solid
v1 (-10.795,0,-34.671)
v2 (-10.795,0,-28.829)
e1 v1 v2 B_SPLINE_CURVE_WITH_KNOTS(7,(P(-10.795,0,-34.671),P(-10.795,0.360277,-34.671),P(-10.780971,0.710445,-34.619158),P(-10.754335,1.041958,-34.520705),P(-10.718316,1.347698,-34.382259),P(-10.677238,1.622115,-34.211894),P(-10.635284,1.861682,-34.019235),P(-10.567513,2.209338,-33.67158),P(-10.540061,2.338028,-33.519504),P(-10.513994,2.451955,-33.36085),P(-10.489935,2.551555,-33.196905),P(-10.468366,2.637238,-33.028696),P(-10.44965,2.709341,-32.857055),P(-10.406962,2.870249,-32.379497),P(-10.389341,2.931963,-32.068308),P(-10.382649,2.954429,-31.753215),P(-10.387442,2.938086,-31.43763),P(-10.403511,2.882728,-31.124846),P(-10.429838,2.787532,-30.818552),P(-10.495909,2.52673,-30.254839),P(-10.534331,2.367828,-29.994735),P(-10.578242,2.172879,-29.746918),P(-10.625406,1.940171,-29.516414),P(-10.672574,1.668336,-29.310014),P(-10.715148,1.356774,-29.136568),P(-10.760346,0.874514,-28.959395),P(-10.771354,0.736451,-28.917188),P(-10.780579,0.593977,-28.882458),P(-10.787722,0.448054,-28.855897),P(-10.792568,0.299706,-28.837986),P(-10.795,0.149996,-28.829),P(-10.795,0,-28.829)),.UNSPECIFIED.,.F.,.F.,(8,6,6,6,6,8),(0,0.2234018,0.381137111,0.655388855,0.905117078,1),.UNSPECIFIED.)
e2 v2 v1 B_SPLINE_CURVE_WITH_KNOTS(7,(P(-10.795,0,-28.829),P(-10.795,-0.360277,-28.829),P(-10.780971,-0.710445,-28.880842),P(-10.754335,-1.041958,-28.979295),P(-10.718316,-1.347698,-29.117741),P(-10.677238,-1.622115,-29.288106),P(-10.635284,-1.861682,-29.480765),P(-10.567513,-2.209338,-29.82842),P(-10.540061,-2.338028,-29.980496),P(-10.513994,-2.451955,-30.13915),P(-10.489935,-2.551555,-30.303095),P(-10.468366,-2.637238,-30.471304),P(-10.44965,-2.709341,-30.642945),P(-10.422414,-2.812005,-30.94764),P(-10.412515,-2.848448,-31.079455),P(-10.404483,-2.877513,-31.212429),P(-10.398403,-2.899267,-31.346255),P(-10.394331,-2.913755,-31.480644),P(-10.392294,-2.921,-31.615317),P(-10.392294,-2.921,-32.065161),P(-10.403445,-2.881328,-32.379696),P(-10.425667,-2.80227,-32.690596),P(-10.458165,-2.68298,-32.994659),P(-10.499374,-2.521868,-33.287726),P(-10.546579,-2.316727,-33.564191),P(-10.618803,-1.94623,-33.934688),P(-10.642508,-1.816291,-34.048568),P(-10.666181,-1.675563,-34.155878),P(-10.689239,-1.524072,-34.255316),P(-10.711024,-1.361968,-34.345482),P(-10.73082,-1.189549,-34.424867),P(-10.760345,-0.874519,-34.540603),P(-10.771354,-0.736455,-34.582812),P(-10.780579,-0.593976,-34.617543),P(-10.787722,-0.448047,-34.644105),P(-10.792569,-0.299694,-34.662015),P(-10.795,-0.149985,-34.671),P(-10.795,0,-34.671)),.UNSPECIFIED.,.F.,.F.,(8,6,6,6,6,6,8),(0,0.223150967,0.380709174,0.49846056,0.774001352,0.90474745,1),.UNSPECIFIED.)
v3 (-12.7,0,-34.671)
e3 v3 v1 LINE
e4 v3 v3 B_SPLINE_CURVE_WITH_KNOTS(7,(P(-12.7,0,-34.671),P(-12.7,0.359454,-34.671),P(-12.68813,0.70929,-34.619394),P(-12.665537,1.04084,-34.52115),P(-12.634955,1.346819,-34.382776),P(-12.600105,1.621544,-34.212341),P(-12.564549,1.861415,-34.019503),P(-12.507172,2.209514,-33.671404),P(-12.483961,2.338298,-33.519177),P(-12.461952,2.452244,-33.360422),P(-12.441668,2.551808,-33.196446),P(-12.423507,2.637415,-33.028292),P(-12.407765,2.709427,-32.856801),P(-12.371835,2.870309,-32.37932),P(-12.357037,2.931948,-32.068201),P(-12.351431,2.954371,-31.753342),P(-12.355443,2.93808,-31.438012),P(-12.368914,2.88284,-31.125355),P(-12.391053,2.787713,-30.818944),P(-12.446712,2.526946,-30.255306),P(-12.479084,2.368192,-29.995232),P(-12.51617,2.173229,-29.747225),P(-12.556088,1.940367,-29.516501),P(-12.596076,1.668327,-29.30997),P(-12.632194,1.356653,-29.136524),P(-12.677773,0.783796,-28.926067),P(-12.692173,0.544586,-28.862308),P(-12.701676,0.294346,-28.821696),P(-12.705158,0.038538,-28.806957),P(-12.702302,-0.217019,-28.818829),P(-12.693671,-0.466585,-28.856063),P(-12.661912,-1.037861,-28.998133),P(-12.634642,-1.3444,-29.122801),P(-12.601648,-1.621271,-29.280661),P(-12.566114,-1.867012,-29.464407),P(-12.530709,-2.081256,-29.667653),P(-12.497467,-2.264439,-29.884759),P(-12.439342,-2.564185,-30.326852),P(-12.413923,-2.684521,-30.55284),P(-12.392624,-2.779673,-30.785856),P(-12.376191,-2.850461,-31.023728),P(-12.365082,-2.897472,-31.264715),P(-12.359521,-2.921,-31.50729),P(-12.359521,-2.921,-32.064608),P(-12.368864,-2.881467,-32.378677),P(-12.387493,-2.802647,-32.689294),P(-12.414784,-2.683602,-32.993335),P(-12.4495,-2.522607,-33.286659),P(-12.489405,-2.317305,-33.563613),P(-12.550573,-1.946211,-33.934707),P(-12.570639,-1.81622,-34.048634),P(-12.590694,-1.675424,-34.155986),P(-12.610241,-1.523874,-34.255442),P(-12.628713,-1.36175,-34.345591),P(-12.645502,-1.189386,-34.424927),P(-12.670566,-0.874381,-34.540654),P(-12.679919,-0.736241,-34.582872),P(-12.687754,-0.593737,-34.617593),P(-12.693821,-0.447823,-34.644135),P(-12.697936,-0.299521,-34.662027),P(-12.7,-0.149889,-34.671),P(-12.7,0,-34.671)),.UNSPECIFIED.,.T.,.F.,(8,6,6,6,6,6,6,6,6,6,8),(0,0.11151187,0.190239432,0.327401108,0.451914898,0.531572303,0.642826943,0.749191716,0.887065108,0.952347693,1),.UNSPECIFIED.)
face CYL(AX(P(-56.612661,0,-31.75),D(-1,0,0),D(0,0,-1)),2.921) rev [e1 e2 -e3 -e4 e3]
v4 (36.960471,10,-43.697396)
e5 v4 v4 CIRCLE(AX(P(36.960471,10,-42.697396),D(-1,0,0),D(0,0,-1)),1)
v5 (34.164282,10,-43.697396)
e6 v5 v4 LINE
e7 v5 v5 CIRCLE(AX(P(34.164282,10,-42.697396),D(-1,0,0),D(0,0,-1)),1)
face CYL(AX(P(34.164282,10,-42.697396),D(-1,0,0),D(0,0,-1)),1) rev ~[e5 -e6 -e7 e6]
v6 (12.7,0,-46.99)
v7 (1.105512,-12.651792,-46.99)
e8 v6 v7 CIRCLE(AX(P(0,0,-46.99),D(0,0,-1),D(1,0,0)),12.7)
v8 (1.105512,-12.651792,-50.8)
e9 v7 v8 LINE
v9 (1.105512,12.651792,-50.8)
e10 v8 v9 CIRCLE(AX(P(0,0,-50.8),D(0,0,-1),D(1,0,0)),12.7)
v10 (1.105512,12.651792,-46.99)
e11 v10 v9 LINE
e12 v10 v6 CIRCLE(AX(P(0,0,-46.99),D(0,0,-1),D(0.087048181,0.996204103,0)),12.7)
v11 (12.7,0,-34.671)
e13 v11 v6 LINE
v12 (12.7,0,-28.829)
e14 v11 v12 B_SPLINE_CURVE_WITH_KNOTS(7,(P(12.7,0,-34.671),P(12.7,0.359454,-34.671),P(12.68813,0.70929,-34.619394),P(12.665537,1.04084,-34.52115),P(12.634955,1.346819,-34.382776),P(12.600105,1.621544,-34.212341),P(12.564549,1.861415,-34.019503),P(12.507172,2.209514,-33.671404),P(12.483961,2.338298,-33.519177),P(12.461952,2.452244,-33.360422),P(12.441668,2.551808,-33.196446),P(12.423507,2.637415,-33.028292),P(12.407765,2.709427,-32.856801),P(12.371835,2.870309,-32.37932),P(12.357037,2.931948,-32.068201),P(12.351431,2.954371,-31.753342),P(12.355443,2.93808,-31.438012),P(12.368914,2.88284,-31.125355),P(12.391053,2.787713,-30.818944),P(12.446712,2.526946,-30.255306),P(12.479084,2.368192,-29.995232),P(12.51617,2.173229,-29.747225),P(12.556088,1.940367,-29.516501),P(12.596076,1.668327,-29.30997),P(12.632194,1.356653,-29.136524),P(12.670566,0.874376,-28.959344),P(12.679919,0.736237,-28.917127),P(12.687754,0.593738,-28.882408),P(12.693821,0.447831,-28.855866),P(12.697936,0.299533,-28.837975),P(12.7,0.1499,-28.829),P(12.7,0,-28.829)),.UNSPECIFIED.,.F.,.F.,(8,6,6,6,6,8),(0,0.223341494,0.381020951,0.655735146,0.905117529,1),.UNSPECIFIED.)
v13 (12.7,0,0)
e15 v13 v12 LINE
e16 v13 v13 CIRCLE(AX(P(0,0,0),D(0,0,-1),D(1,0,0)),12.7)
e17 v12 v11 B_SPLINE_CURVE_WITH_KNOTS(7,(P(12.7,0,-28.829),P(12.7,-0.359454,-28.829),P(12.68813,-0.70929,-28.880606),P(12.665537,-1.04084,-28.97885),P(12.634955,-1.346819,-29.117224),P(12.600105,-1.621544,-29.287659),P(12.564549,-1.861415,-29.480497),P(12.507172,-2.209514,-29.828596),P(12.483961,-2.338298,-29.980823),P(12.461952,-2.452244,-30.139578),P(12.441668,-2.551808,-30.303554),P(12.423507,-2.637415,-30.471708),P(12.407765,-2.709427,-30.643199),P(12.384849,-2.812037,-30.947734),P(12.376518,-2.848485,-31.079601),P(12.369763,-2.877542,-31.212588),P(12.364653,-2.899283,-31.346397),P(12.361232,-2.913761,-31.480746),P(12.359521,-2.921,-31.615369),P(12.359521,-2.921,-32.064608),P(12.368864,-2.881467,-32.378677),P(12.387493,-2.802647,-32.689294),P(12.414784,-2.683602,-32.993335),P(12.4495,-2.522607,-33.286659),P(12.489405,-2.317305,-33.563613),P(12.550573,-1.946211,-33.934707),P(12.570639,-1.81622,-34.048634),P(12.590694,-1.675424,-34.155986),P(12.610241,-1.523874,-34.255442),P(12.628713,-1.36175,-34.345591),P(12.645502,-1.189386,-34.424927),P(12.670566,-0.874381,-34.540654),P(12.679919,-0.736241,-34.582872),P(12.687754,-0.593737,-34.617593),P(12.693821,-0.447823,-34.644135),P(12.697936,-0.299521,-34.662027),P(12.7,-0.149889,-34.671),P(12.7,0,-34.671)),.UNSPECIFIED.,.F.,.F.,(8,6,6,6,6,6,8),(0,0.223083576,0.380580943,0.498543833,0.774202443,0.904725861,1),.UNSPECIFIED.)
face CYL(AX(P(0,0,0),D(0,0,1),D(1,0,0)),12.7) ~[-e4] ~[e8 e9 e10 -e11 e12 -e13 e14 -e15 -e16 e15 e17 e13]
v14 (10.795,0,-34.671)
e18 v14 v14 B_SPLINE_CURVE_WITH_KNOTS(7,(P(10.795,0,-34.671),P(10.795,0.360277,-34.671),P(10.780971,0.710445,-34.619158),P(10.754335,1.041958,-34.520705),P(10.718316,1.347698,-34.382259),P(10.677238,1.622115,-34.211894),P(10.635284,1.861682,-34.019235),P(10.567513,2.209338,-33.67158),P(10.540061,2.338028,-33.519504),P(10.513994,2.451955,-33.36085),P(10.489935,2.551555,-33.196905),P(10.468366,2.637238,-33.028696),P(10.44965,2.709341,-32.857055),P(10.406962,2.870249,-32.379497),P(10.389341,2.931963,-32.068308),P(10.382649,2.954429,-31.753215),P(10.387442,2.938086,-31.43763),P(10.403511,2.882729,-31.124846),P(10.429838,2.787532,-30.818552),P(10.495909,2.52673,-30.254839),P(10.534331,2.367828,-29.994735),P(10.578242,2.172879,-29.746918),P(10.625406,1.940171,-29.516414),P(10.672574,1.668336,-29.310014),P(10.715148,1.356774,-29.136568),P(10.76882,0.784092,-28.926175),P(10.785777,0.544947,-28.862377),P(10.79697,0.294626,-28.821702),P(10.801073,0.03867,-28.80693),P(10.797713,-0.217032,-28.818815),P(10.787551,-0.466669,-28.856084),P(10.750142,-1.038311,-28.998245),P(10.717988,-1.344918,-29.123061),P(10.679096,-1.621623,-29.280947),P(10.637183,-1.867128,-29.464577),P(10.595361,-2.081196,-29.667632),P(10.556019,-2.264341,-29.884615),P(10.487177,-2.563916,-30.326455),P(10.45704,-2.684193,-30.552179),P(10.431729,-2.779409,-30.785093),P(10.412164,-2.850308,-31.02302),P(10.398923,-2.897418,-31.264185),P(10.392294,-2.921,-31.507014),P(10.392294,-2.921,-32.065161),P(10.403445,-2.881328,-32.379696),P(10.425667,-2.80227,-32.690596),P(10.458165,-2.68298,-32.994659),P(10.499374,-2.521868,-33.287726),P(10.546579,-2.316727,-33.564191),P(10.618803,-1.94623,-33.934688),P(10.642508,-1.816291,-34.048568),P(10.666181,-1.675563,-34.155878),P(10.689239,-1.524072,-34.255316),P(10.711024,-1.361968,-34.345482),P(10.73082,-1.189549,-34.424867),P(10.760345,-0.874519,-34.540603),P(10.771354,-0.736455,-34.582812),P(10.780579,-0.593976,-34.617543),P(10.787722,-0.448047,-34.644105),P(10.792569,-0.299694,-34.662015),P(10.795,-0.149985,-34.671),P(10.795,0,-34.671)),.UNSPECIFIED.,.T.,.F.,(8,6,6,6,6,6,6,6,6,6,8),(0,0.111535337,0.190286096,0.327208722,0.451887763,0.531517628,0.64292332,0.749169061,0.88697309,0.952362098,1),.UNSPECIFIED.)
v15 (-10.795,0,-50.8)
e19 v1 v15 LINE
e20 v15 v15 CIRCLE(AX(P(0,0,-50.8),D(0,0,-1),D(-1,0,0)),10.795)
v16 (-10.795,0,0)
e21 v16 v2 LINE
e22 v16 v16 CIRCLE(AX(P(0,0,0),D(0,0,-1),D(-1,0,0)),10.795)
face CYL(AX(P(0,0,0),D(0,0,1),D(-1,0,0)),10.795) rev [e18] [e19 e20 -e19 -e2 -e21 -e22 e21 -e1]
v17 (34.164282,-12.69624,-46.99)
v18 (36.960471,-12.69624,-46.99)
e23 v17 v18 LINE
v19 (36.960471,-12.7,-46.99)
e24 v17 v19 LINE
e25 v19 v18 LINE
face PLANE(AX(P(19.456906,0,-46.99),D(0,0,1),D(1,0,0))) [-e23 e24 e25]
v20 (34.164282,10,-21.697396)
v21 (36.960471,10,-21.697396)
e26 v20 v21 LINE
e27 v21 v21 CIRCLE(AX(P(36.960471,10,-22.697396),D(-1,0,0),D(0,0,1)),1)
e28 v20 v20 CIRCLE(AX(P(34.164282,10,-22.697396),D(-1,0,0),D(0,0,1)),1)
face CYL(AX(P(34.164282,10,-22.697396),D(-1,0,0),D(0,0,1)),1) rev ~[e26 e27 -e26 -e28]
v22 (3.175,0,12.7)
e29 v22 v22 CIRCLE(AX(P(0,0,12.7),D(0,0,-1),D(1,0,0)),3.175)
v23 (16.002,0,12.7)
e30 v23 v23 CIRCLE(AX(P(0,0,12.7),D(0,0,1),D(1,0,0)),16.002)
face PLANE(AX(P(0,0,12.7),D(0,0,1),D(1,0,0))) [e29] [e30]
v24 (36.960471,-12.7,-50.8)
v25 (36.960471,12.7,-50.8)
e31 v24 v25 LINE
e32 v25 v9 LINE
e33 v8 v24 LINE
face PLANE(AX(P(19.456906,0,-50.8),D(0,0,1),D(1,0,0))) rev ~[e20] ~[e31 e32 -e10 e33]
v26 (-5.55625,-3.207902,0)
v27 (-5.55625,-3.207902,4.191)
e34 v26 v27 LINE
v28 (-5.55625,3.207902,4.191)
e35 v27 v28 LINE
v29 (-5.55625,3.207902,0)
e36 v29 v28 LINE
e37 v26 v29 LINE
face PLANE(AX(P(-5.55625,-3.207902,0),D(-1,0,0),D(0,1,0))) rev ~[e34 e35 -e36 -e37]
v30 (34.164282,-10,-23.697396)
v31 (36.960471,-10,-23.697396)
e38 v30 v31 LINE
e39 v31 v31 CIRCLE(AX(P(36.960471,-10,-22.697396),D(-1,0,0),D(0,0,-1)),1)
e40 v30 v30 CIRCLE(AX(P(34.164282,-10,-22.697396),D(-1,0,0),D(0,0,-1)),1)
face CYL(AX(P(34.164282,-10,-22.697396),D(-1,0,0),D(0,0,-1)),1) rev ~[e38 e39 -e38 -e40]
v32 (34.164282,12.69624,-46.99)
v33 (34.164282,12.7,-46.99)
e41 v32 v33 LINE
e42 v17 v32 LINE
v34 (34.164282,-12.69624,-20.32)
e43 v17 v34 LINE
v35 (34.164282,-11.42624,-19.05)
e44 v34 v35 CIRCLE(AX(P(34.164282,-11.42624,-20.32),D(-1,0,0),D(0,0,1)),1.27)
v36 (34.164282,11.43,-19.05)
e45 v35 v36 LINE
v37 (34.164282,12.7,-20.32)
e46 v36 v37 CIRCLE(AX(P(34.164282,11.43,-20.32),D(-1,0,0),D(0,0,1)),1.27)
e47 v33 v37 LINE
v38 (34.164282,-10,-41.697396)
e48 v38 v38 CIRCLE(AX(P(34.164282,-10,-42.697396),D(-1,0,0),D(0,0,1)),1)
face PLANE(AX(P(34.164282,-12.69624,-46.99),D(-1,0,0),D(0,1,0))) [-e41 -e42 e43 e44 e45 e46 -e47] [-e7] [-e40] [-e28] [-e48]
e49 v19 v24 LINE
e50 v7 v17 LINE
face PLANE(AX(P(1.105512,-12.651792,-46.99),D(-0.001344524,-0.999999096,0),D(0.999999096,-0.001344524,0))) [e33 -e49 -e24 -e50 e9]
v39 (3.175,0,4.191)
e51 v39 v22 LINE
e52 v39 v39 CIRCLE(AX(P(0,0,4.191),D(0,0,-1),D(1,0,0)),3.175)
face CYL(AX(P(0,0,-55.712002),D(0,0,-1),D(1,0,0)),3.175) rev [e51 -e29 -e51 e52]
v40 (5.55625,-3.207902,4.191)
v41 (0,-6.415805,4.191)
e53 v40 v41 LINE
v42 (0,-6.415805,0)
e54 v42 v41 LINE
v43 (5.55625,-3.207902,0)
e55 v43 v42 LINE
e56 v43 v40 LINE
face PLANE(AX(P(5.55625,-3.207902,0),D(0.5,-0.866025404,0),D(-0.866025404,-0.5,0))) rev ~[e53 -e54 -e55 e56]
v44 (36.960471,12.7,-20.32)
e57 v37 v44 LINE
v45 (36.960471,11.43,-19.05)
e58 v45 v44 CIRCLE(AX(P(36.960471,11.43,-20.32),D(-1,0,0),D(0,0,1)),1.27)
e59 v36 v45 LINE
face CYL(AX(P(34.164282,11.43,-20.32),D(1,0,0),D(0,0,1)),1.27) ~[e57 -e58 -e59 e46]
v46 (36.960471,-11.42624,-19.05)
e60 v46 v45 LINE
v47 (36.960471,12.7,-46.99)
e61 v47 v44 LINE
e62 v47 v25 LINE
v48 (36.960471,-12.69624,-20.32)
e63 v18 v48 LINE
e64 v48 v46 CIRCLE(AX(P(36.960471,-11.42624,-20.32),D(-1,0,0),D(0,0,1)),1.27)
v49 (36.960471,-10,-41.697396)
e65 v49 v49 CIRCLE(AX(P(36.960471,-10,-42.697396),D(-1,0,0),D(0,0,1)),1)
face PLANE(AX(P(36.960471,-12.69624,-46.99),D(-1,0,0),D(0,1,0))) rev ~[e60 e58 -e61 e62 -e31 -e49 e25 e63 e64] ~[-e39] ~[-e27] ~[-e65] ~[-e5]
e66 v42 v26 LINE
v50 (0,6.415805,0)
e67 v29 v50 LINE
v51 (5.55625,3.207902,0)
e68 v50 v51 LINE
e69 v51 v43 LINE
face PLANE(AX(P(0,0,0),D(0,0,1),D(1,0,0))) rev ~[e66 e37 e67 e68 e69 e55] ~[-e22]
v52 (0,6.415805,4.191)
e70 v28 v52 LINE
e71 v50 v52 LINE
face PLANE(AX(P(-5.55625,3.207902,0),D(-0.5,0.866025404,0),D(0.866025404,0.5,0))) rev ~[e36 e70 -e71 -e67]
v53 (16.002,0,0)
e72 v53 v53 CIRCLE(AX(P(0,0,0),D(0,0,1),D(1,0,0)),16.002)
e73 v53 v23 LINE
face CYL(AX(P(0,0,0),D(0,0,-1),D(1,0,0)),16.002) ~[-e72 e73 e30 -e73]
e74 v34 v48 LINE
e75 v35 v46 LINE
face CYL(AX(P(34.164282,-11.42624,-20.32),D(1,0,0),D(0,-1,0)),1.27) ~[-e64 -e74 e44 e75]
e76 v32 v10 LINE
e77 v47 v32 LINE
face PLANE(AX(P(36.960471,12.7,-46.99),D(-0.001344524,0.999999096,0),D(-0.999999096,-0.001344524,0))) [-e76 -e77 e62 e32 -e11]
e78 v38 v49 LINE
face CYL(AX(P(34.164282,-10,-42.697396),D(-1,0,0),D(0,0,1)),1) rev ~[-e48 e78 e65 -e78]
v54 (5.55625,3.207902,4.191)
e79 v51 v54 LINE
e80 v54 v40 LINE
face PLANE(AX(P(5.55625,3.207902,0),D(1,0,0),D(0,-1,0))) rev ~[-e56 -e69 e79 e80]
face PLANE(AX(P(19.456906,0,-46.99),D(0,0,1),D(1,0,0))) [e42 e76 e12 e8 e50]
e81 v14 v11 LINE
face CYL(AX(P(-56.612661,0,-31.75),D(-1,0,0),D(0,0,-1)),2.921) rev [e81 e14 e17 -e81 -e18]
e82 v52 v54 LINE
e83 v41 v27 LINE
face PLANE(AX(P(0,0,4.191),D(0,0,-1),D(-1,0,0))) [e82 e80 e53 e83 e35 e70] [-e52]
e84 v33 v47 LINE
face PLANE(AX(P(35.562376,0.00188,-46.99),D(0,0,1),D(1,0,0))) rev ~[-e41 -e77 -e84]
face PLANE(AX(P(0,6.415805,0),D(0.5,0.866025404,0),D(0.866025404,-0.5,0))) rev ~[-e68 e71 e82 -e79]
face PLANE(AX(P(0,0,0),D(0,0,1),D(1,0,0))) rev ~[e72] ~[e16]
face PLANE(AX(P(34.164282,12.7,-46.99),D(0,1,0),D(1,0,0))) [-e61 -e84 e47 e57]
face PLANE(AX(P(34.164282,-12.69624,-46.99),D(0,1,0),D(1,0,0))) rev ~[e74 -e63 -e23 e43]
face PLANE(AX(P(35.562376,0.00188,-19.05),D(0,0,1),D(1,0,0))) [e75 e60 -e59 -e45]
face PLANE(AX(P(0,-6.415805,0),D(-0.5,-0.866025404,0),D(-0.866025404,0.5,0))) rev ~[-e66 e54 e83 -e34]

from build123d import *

# Parameters (mm, degrees)
SKETCH3_R               = 16.002
BOSS_EXTRUDE1_DEPTH     = 12.7
SKETCH4_R               = 12.7
SKETCH4_R_2             = 10.795
BOSS_EXTRUDE2_DEPTH     = 50.8
CUT_EXTRUDE1_DEPTH      = 56.612660501
CUT_EXTRUDE1_DEPTH_BACK = 56.612660501
SKETCH9_R               = 2.921
CUT_EXTRUDE2_DEPTH      = 68.412002052
CUT_EXTRUDE2_DEPTH_BACK = 68.412002052
SKETCH10_R              = 3.175
CUT_EXTRUDE3_DEPTH      = 4.191
BOSS_EXTRUDE3_DEPTH     = 3.81
SKETCH13_W              = 2.796188768
SKETCH13_H              = 25.396240454
BOSS_EXTRUDE4_DEPTH     = 27.94
SKETCH14_R              = 1
CUT_EXTRUDE4_DEPTH      = 74.166658198
FILLET1_R               = 1.27


with BuildPart() as part:
    # Sketch3 → Boss-Extrude1 (new body)
    with BuildSketch(Plane.XY):
        Circle(SKETCH3_R)
    extrude(amount=BOSS_EXTRUDE1_DEPTH)

    # Sketch4 → Boss-Extrude2 (add)
    with BuildSketch(Plane(origin=(0, 0, 0), x_dir=(-1, 0, 0), z_dir=(0, 0, -1))):
        with Locations(Location((0, 0, 0), (0, 0, 180))):
            Circle(SKETCH4_R)
        Circle(SKETCH4_R_2, mode=Mode.SUBTRACT)
    extrude(amount=BOSS_EXTRUDE2_DEPTH)

    # Sketch9 → Cut-Extrude1 (cut, two sides: drawn at the far end of the back side and taken through both)
    with BuildSketch(Plane(origin=(0, 0, 0), x_dir=(0, 0, -1), z_dir=(1, 0, 0)).offset(-CUT_EXTRUDE1_DEPTH_BACK)):
        with Locations((31.75, 0)):
            Circle(SKETCH9_R)
    extrude(amount=CUT_EXTRUDE1_DEPTH + CUT_EXTRUDE1_DEPTH_BACK, mode=Mode.SUBTRACT)

    # Sketch10 → Cut-Extrude2 (cut, two sides: drawn at the far end of the back side and taken through both)
    with BuildSketch(Plane.XY.offset(12.7).offset(-CUT_EXTRUDE2_DEPTH_BACK)):
        Circle(SKETCH10_R)
    extrude(amount=CUT_EXTRUDE2_DEPTH + CUT_EXTRUDE2_DEPTH_BACK, mode=Mode.SUBTRACT)

    # Sketch5 → Cut-Extrude3 (cut)
    with BuildSketch(Plane(origin=(0, 0, 0), x_dir=(-1, 0, 0), z_dir=(0, 0, -1))):
        Polygon((0, 6.415804866), (-5.55625, 3.207902433), (-5.55625, -3.207902433), (0, -6.415804866), (5.55625, -3.207902433), (5.55625, 3.207902433), align=None)
    extrude(amount=-CUT_EXTRUDE3_DEPTH, mode=Mode.SUBTRACT)

    # Sketch12 → Boss-Extrude3 (add)
    with BuildSketch(Plane.XY.offset(-46.99)):
        with BuildLine():
            Line((36.960470848, -12.7), (36.960470848, 12.7))
            Line((36.960470848, 12.7), (1.105511904, 12.651792104))
            ThreePointArc((1.105511904, 12.651792104), (9.362958965, 8.580501117), (12.7, 0))
            ThreePointArc((12.7, 0), (9.362958965, -8.580501117), (1.105511904, -12.651792104))
            Line((1.105511904, -12.651792104), (36.960470848, -12.7))
        make_face()
    extrude(amount=-BOSS_EXTRUDE3_DEPTH)

    # Sketch13 → Boss-Extrude4 (add)
    with BuildSketch(Plane.XY.offset(-46.99)):
        with Locations((35.562376464, 0.001879773)):
            Rectangle(SKETCH13_W, SKETCH13_H)
    extrude(amount=BOSS_EXTRUDE4_DEPTH)

    # Sketch14 → Cut-Extrude4 (cut, through all)
    with BuildSketch(Plane.ZY.offset(-34.16428208)):
        with Locations((-22.697395511, 10)):
            Circle(SKETCH14_R)
        with Locations(Location((-42.697395511, 10, 0), (0, 0, 180))):
            Circle(SKETCH14_R)
        with Locations((-42.697395511, -10)):
            Circle(SKETCH14_R)
        with Locations(Location((-22.697395511, -10, 0), (0, 0, 180))):
            Circle(SKETCH14_R)
    extrude(amount=-CUT_EXTRUDE4_DEPTH, mode=Mode.SUBTRACT)

    # Fillet1
    fillet1_edges = [part.edges().sort_by_distance(p)[0] for p in [
        (35.562376464, 12.7, -19.05),
        (35.562376464, -12.696240454, -19.05),
    ]]
    fillet(fillet1_edges, radius=FILLET1_R)


solid = part.part
